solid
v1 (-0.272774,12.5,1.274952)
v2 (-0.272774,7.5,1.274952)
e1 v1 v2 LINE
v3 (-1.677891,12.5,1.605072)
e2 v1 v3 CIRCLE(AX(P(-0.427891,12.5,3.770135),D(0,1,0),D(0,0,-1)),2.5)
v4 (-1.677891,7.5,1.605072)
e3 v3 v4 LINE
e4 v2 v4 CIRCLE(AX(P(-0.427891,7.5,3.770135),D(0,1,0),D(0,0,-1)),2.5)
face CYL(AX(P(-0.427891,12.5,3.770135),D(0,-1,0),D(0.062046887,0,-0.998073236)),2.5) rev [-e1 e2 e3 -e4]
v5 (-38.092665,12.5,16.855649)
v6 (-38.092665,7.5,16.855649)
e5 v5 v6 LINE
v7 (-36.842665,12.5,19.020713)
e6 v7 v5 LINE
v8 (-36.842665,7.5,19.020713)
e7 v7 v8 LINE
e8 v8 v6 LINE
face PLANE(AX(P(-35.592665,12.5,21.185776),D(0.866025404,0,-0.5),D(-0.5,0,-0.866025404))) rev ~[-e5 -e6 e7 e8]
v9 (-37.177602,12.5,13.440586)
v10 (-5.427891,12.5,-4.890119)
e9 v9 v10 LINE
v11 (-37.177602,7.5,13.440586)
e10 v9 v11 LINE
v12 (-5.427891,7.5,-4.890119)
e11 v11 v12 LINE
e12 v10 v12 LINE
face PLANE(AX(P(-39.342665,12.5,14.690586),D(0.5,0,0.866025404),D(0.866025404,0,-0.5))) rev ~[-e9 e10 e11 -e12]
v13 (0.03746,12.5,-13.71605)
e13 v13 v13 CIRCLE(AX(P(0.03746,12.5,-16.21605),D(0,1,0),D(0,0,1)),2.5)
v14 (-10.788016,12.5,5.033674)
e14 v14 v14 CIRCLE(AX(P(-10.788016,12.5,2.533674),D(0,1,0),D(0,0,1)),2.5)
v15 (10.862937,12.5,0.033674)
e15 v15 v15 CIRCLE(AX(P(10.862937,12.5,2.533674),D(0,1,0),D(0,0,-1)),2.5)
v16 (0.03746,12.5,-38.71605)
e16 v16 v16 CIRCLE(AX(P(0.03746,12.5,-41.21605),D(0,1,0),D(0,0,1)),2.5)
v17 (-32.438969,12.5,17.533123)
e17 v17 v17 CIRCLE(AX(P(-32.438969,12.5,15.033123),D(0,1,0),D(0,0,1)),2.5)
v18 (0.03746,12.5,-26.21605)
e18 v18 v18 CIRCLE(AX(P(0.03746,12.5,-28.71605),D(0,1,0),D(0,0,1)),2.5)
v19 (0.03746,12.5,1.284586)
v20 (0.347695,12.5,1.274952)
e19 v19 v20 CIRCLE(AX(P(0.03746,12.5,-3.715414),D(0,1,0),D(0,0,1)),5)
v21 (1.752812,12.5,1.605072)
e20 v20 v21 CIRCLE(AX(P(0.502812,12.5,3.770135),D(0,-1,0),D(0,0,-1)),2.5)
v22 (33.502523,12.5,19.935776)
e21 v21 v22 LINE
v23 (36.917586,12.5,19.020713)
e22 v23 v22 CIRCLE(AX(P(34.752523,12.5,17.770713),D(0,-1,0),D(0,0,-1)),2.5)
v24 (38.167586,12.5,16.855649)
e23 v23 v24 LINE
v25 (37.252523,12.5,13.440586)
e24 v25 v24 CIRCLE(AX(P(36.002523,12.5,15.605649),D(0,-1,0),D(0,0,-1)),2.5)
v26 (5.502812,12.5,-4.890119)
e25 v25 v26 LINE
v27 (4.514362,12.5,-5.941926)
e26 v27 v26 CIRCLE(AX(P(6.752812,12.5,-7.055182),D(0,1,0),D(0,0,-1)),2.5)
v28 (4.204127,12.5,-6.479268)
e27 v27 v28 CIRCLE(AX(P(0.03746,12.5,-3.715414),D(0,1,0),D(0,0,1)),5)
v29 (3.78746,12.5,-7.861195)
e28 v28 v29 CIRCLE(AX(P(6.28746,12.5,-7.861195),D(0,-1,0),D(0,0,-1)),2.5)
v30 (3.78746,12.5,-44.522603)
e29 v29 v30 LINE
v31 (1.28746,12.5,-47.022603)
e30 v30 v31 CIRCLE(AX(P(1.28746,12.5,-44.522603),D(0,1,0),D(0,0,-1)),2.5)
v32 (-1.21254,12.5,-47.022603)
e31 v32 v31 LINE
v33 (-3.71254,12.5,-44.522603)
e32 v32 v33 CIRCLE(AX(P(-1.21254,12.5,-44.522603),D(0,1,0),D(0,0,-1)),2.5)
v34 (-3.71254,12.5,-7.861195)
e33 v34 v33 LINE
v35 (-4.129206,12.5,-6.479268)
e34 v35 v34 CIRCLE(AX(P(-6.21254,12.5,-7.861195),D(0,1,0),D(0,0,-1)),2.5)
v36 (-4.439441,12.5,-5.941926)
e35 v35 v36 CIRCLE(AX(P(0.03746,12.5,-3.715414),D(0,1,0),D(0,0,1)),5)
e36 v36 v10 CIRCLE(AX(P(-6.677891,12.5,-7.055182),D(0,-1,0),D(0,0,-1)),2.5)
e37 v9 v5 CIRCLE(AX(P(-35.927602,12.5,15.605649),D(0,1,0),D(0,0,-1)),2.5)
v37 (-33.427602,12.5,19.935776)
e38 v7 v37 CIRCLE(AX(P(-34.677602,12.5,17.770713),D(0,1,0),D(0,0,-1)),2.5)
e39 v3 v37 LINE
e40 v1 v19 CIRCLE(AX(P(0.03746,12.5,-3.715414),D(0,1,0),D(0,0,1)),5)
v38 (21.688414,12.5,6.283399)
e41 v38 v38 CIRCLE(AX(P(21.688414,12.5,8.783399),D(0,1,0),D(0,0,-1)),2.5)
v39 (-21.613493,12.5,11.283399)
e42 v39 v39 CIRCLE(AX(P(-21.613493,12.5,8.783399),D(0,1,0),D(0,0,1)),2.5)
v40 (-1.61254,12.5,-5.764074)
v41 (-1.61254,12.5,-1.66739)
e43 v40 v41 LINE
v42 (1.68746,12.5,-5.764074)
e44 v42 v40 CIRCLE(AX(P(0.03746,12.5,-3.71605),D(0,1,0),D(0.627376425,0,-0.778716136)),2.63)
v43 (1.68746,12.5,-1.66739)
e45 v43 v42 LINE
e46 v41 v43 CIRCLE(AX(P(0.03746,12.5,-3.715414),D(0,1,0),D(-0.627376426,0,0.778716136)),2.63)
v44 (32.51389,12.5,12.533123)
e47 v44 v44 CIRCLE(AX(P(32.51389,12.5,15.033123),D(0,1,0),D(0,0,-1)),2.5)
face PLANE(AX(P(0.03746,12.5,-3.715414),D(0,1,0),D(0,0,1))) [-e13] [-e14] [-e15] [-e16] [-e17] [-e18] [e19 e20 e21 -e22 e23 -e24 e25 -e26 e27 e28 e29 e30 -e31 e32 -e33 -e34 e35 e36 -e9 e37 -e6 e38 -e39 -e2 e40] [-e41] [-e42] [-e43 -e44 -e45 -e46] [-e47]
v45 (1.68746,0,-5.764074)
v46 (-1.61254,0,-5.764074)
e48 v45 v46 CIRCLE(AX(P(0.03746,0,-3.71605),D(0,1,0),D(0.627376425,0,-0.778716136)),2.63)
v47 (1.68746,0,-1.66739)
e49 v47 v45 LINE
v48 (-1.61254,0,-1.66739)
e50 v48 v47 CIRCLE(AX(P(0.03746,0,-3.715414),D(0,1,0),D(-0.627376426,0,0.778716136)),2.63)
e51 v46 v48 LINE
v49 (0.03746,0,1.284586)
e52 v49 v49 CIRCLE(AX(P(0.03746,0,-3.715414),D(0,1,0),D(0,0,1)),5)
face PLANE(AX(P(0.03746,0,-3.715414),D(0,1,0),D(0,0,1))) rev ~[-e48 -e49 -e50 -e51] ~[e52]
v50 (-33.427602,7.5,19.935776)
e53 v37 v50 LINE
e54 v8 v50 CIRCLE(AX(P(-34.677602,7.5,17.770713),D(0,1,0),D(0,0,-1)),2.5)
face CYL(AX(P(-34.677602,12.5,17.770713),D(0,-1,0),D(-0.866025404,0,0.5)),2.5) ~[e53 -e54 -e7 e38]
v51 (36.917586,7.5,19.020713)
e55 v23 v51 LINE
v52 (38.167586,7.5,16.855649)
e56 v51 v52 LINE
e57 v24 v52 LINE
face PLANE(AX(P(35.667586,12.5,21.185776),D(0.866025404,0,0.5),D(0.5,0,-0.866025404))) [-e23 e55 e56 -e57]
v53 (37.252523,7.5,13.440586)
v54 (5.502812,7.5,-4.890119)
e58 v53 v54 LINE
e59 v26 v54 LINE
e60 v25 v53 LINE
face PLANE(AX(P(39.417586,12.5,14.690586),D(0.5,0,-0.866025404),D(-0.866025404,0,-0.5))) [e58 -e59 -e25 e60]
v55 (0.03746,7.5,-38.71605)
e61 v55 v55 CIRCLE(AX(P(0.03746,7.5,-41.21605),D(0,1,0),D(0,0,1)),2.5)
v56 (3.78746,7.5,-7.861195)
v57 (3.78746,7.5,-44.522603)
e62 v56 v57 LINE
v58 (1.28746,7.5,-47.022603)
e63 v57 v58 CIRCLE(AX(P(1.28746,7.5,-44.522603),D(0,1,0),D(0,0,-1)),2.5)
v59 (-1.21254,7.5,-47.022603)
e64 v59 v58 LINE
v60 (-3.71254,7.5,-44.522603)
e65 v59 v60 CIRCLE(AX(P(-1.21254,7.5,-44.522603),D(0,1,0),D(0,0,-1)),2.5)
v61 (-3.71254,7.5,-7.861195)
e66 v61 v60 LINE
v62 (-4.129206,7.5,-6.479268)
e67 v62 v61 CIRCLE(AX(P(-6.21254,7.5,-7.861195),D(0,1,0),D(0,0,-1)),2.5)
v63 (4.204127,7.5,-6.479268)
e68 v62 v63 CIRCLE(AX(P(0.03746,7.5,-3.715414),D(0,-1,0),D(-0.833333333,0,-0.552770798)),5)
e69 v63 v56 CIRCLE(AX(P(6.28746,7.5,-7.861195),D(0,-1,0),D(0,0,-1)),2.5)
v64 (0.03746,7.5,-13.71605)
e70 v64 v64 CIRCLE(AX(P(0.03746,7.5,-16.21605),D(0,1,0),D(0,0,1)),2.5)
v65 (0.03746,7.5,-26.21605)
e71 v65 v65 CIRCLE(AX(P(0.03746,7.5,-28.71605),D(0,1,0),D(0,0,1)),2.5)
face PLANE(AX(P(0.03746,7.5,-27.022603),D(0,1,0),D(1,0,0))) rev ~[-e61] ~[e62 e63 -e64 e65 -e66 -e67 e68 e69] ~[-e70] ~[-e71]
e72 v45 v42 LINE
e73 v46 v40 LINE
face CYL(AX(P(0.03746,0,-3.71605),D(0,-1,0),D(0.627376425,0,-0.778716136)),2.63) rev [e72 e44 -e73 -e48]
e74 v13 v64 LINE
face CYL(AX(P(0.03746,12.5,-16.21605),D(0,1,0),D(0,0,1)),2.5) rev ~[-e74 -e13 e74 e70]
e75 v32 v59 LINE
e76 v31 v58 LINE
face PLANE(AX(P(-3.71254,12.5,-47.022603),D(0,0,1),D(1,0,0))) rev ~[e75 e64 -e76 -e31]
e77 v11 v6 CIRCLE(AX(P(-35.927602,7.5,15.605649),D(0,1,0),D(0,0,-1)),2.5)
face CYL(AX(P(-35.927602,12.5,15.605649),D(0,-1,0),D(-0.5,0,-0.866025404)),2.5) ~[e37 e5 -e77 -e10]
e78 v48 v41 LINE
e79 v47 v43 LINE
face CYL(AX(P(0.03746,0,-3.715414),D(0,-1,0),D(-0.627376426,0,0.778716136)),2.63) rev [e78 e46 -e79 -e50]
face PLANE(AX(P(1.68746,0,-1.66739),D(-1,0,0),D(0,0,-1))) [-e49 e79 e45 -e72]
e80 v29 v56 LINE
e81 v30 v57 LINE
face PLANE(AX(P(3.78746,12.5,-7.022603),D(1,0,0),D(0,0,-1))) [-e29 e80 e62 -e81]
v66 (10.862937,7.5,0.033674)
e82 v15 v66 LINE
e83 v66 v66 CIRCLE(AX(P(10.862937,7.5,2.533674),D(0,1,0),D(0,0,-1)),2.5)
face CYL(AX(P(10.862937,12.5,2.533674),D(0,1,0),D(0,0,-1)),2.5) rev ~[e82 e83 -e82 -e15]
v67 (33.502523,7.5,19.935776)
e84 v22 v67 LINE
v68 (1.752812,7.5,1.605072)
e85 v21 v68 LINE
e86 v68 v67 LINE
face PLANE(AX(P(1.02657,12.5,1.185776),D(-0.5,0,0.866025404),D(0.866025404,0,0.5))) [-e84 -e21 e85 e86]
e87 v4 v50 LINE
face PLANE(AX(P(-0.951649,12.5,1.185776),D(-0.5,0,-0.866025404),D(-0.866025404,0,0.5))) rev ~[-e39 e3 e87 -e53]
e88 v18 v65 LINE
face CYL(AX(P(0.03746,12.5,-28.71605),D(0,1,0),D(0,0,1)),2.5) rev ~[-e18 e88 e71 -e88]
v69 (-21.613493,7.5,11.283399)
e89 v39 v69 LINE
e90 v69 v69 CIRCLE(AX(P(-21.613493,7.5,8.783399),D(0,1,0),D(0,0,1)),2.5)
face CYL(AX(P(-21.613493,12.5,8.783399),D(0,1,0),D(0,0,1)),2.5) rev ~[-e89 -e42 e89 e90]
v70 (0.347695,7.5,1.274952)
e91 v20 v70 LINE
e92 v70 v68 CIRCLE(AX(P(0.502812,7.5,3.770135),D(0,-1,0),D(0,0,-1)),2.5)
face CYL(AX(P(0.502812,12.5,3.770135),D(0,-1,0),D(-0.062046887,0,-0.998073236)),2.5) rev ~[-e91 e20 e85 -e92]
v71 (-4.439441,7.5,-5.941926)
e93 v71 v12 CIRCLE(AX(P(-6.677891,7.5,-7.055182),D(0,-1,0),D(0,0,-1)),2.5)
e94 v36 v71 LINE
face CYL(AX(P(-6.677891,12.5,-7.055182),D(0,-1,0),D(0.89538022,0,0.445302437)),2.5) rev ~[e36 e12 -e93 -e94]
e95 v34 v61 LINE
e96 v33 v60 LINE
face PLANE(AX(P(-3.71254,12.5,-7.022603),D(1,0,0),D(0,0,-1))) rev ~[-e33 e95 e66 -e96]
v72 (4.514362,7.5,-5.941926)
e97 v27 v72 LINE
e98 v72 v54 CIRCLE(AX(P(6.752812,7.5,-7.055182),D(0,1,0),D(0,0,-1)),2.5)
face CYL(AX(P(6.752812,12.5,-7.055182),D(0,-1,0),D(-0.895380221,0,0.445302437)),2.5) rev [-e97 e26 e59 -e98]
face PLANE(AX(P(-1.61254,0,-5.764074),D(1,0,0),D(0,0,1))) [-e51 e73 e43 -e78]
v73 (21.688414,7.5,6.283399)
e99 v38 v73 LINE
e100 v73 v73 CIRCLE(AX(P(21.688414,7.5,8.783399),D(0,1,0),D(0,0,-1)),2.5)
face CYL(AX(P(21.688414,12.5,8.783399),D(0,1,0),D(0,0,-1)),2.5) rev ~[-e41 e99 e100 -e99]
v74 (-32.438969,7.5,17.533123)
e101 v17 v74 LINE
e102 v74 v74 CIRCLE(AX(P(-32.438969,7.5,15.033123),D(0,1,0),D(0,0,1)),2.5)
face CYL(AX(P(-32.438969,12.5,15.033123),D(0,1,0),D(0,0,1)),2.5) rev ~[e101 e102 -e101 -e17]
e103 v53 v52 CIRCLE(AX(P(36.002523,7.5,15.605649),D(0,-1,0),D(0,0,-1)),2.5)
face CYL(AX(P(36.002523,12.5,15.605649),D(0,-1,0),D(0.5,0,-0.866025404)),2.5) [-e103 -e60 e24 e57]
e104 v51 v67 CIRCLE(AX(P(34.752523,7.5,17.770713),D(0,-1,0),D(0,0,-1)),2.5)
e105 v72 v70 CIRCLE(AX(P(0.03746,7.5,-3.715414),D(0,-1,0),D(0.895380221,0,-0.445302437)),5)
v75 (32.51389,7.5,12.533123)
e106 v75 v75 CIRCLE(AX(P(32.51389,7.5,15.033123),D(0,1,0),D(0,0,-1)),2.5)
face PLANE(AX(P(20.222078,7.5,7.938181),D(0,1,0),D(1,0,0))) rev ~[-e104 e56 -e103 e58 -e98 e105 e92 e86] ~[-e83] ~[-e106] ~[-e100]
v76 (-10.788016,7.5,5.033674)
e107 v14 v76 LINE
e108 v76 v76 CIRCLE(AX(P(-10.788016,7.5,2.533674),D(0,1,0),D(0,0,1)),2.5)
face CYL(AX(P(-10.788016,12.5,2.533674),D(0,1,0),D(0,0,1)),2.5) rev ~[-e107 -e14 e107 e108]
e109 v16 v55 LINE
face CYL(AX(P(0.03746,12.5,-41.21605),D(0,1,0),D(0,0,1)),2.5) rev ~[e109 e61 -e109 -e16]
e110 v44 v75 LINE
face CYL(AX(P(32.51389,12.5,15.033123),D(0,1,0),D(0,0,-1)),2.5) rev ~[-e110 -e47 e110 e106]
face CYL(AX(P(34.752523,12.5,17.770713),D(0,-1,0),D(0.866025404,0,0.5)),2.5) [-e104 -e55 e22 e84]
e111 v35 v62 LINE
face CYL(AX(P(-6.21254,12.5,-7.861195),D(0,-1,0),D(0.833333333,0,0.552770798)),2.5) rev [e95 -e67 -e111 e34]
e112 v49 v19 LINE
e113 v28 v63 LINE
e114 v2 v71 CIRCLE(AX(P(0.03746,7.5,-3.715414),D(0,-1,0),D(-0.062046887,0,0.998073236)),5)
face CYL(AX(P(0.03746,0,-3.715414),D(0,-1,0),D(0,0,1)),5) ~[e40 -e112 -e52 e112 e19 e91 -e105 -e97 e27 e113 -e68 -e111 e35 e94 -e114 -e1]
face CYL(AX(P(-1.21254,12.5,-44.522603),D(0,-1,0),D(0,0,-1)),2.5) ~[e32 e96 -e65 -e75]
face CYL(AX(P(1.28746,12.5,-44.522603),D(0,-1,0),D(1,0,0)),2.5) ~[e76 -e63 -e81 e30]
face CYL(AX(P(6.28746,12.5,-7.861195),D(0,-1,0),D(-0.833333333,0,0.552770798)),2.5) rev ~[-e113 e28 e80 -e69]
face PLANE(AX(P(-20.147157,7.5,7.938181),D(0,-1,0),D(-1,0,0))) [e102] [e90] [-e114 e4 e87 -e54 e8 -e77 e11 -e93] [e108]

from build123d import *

# Parameters (mm, degrees)
SKETCH1_R           = 5
BOSS_EXTRUDE1_DEPTH = 12.5
SKETCH2_W           = 7.5
SKETCH2_H           = 40
BOSS_EXTRUDE4_DEPTH = 5
SKETCH4_R           = 2.5
CUT_EXTRUDE1_DEPTH  = 100
FILLET1_R           = 2.5
FILLET2_R           = 2.5


with BuildPart() as part:
    # Sketch1 → Boss-Extrude1 (new body)
    with BuildSketch(Plane(origin=(0, 0, 0), x_dir=(1, 0, 0), z_dir=(0, 1, 0))):
        with Locations(Location((0.037460471, 3.715413796, 0), (0, 0, 270))):
            Circle(SKETCH1_R)
        with BuildLine():
            ThreePointArc((-1.612539529, 1.667390359), (0.037460471, 1.085413796), (1.687460471, 1.667390359))
            Line((1.687460471, 1.667390359), (1.687460471, 5.76407365))
            ThreePointArc((1.687460471, 5.76407365), (0.037460471, 6.346050212), (-1.612539529, 5.76407365))
            Line((-1.612539529, 5.76407365), (-1.612539529, 1.667390359))
        make_face(mode=Mode.SUBTRACT)
    extrude(amount=BOSS_EXTRUDE1_DEPTH)

    # Sketch2 → Boss-Extrude4 (add)
    with BuildSketch(Plane(origin=(0, 12.5, 0), x_dir=(1, 0, 0), z_dir=(0, 1, 0))):
        Polygon((4.77657028, 5.309414491), (1.02657028, -1.185776038), (35.667586431, -21.185776038), (39.417586431, -14.690585509), align=None)
        with Locations((0.037460471, 27.022602935)):
            Rectangle(SKETCH2_W, SKETCH2_H)
        Polygon((-4.701649339, 5.309414491), (-0.951649339, -1.185776038), (-35.59266549, -21.185776038), (-39.34266549, -14.690585509), align=None)
    extrude(amount=-BOSS_EXTRUDE4_DEPTH)

    # Sketch4 → Cut-Extrude1 (cut)
    with BuildSketch(Plane(origin=(0, 12.5, 0), x_dir=(1, 0, 0), z_dir=(0, 1, 0))):
        with Locations(Location((0.037460471, 16.216050212, 0), (0, 0, 270))):
            Circle(SKETCH4_R)
        with Locations(Location((0.037460471, 28.716050212, 0), (0, 0, 270))):
            Circle(SKETCH4_R)
        with Locations(Location((0.037460471, 41.216050212, 0), (0, 0, 270))):
            Circle(SKETCH4_R)
        with Locations(Location((-10.788016154, -2.533674249, 0), (0, 0, 270))):
            Circle(SKETCH4_R)
        with Locations(Location((-21.613492779, -8.78339871, 0), (0, 0, 270))):
            Circle(SKETCH4_R)
        with Locations(Location((-32.438969404, -15.033123172, 0), (0, 0, 270))):
            Circle(SKETCH4_R)
        with Locations(Location((10.862937095, -2.533674249, 0), (0, 0, 90))):
            Circle(SKETCH4_R)
        with Locations(Location((21.68841372, -8.78339871, 0), (0, 0, 90))):
            Circle(SKETCH4_R)
        with Locations(Location((32.513890345, -15.033123172, 0), (0, 0, 90))):
            Circle(SKETCH4_R)
    extrude(amount=-CUT_EXTRUDE1_DEPTH, mode=Mode.SUBTRACT)

    # Fillet1
    fillet1_edges = [part.edges().sort_by_distance(p)[0] for p in [
        (4.77657028, 10, -5.309414491),
        (1.02657028, 10, 1.185776038),
        (-3.712539529, 10, -7.022602935),
        (3.787460471, 10, -7.022602935),
        (-4.701649339, 10, -5.309414491),
        (-0.951649339, 10, 1.185776038),
    ]]
    fillet(fillet1_edges, radius=FILLET1_R)

    # Fillet2
    fillet2_edges = [part.edges().sort_by_distance(p)[0] for p in [
        (39.417586431, 10, 14.690585509),
        (35.667586431, 10, 21.185776038),
        (-3.712539529, 10, -47.022602935),
        (3.787460471, 10, -47.022602935),
        (-39.34266549, 10, 14.690585509),
        (-35.59266549, 10, 21.185776038),
    ]]
    fillet(fillet2_edges, radius=FILLET2_R)


solid = part.part
